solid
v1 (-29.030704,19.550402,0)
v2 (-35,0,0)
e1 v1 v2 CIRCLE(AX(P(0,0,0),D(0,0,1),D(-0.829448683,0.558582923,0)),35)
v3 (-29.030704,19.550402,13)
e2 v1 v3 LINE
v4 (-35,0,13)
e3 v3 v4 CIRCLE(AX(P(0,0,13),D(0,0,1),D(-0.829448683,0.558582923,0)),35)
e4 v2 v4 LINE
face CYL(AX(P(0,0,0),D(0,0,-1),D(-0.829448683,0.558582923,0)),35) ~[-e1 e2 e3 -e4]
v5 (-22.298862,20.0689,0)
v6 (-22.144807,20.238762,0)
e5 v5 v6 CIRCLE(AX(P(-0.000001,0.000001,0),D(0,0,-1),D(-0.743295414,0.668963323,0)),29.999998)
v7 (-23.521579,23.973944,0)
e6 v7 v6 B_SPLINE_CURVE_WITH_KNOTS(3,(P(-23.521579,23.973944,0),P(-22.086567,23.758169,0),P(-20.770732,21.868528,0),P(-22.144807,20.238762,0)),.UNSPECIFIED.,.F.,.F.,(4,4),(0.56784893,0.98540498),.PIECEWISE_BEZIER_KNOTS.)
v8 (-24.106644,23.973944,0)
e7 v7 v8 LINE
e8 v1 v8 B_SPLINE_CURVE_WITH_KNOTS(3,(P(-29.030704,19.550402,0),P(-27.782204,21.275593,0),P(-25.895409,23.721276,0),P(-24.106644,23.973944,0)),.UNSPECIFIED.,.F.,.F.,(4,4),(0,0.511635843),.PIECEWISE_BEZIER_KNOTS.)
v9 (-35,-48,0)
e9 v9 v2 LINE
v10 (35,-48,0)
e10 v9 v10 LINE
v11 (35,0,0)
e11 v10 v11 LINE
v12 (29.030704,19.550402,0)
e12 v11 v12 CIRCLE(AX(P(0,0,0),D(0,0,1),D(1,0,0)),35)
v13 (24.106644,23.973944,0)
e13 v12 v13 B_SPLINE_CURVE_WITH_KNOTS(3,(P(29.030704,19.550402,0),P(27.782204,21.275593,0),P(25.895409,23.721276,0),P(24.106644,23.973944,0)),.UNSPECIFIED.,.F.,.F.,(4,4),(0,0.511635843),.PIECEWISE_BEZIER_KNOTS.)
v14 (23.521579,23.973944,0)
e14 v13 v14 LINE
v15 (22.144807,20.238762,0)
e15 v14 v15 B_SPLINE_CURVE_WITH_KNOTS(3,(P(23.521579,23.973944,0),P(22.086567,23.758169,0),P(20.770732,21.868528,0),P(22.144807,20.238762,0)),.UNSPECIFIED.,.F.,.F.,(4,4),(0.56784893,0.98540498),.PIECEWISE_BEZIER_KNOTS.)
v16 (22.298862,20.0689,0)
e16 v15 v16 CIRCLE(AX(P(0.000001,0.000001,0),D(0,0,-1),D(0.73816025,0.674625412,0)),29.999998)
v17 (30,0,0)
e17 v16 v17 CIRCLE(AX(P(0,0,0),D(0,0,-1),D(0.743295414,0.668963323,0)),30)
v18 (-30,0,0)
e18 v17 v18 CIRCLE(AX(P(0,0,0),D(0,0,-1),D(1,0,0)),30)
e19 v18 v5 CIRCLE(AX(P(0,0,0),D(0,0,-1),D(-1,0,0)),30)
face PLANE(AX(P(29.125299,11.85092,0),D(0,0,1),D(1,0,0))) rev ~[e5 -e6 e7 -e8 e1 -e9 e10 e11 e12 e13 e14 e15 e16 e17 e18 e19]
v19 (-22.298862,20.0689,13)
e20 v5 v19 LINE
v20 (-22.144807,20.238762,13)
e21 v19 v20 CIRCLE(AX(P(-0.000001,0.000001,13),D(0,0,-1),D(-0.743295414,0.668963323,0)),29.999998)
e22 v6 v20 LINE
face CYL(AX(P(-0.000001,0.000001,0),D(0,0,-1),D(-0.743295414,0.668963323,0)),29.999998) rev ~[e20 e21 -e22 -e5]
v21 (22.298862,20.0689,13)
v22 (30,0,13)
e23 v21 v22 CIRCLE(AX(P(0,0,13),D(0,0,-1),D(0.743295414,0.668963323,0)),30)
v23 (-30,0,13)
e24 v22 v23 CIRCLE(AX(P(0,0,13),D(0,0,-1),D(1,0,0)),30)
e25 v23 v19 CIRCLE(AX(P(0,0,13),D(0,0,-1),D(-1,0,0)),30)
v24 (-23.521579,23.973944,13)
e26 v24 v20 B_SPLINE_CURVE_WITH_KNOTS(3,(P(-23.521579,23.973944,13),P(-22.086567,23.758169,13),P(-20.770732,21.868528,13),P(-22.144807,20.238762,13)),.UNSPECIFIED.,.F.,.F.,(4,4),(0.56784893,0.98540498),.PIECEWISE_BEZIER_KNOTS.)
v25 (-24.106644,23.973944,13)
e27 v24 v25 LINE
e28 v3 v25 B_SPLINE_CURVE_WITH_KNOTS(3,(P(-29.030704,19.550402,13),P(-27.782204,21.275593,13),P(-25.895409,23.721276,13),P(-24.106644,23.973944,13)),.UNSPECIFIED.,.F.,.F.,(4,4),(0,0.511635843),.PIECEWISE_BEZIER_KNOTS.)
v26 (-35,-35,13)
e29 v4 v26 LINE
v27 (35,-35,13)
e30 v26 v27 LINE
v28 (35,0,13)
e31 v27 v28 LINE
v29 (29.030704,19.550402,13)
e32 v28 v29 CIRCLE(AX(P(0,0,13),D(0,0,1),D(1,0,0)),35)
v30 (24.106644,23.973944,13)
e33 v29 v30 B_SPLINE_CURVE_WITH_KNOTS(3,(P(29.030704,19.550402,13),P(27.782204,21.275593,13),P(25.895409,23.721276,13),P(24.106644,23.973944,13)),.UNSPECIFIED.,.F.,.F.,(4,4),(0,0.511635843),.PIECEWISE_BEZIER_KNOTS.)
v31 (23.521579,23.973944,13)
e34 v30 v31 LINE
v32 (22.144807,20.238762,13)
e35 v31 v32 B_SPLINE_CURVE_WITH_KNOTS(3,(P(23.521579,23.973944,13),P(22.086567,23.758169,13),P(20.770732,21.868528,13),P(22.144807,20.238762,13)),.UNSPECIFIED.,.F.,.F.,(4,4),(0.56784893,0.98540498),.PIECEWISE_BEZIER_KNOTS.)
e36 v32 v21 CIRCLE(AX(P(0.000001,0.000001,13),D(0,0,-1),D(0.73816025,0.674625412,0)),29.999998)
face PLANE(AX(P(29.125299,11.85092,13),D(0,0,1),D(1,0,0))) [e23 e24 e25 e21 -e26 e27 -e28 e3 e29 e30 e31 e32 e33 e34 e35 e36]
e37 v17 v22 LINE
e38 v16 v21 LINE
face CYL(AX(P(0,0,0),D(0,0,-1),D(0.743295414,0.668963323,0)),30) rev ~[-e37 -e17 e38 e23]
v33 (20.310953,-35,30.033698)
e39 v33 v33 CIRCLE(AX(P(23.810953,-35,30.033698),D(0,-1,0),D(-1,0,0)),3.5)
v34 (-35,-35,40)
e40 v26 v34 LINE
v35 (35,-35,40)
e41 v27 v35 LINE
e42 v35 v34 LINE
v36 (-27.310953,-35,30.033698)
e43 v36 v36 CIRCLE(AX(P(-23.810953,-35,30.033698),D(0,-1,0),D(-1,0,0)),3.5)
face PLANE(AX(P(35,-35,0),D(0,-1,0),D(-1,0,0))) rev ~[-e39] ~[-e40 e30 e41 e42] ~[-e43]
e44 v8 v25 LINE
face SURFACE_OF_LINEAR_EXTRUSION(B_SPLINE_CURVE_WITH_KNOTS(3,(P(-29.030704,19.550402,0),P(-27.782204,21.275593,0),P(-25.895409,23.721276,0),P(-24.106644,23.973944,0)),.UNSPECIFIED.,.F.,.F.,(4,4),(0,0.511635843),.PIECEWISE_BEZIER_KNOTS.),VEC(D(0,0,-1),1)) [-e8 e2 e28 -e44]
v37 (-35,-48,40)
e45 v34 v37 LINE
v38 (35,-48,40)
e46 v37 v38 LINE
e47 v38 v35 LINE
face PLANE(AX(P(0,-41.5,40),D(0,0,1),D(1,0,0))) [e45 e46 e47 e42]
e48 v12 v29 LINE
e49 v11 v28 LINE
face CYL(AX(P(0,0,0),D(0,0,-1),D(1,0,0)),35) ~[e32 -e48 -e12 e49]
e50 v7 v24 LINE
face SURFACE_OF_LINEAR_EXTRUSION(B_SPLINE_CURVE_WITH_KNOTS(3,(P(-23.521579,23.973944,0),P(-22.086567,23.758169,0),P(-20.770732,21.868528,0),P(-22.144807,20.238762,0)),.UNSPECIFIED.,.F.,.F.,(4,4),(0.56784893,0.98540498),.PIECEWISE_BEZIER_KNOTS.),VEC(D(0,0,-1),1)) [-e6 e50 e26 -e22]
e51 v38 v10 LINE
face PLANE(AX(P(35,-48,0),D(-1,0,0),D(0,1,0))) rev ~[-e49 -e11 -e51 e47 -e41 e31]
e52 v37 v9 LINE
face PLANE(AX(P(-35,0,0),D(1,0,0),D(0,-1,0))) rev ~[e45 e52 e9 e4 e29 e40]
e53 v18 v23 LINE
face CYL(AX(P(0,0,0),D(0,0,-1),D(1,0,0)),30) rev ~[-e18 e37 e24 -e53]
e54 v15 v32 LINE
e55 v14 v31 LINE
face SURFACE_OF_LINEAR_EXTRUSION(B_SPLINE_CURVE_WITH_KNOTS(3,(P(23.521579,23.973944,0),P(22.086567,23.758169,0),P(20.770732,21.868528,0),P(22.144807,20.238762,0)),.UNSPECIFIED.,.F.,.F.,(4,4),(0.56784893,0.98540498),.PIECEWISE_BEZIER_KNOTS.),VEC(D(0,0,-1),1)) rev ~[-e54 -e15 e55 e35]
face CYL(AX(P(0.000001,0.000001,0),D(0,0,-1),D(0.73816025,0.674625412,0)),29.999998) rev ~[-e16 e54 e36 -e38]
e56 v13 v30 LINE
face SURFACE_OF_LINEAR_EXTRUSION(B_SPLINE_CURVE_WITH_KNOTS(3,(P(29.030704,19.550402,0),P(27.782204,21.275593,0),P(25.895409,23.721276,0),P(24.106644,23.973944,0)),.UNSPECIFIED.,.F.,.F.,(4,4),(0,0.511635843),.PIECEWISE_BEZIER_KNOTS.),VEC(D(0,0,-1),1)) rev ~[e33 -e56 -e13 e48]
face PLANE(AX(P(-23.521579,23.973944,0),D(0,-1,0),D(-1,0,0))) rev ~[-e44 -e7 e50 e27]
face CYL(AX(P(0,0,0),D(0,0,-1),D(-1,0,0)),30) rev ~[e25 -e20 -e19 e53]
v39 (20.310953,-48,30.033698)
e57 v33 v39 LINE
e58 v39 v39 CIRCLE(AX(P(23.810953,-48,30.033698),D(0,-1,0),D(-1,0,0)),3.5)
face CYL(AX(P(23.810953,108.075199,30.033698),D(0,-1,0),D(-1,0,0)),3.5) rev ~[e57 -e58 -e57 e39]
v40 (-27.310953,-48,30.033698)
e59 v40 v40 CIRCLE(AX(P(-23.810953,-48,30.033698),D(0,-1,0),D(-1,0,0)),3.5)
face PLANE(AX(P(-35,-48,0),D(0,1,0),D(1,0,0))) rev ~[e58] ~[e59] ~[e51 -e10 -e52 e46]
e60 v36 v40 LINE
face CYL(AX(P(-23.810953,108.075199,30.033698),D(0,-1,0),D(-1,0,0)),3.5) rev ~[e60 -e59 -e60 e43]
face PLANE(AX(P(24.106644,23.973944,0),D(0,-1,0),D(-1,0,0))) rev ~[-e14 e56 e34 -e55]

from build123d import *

# Parameters (mm, degrees)
F1_DEPTH = 13
F2_DEPTH = 40
F4_D     = 7


with BuildPart() as f1:
    # F0 (on Top) → F1 (new body)
    with BuildSketch(Plane.XY):
        with BuildLine():
            Line((30, 0), (35, 0))
            ThreePointArc((35, 0), (33.4744278282, 10.2206986834), (29.0307039098, 19.5504023104))
            add(Edge.make_bspline(
                [(29.0307039098, 19.5504023104), (27.7822040528, 21.275593448), (25.8954088148, 23.7212759458), (24.10664395, 23.9739441895)],
                knots=[0, 0, 0, 0, 0.5116358428, 0.5116358428, 0.5116358428, 0.5116358428], degree=3))
            Line((24.10664395, 23.9739441895), (23.5215793736, 23.9739441895))
            add(Edge.make_bspline(
                [(23.5215793736, 23.9739441895), (22.0865673396, 23.7581691141), (20.7707318469, 21.8685279115), (22.1448074946, 20.2387623393)],
                knots=[0.56784893, 0.56784893, 0.56784893, 0.56784893, 0.9854049804, 0.9854049804, 0.9854049804, 0.9854049804], degree=3))
            ThreePointArc((22.1448074946, 20.2387623393), (22.2219972589, 20.1539782134), (22.2988624189, 20.0688996914))
            ThreePointArc((22.2988624189, 20.0688996914), (28.0086225346, 10.7478864767), (30, 0))
        make_face()
        with BuildLine():
            Line((-35, -35), (0, -35))
            ThreePointArc((0, -35), (24.7487373415, -24.7487373415), (35, 0))
            Line((35, 0), (30, 0))
            ThreePointArc((30, 0), (0, -30), (-30, 0))
            ThreePointArc((-30, 0), (-28.0086225346, 10.7478864767), (-22.2988624189, 20.0688996914))
            ThreePointArc((-22.2988624189, 20.0688996914), (-22.2219972589, 20.1539782134), (-22.1448074946, 20.2387623393))
            add(Edge.make_bspline(
                [(-23.5215793736, 23.9739441895), (-22.0865673396, 23.7581691141), (-20.7707318469, 21.8685279115), (-22.1448074946, 20.2387623393)],
                knots=[0.56784893, 0.56784893, 0.56784893, 0.56784893, 0.9854049804, 0.9854049804, 0.9854049804, 0.9854049804], degree=3))
            Line((-23.5215793736, 23.9739441895), (-24.10664395, 23.9739441895))
            add(Edge.make_bspline(
                [(-29.0307039098, 19.5504023104), (-27.7822040528, 21.275593448), (-25.8954088148, 23.7212759458), (-24.10664395, 23.9739441895)],
                knots=[0, 0, 0, 0, 0.5116358428, 0.5116358428, 0.5116358428, 0.5116358428], degree=3))
            ThreePointArc((-29.0307039098, 19.5504023104), (-33.4744278282, 10.2206986834), (-35, 0))
            Line((-35, 0), (-35, -35))
        make_face()
        with BuildLine():
            ThreePointArc((35, 0), (24.7487373415, -24.7487373415), (0, -35))
            Line((0, -35), (35, -35))
            Line((35, -35), (35, 0))
        make_face()
        Polygon((35, -35), (0, -35), (-35, -35), (-35, -48), (35, -48), align=None)
    extrude(amount=F1_DEPTH)

    # F0 (on Top) → F2 (join)
    with BuildSketch(Plane.XY):
        Polygon((35, -35), (0, -35), (-35, -35), (-35, -48), (35, -48), align=None)
    extrude(amount=F2_DEPTH)

    # F4 (through all)
    with Locations(Plane(origin=(0, 0, 0), x_dir=(1, 0, 0), z_dir=(0, 1, 0))):
        with Locations((-23.8109529018, -30.0336983055), (23.8109529018, -30.0336983055)):
            Hole(F4_D / 2)


solid = f1.part
